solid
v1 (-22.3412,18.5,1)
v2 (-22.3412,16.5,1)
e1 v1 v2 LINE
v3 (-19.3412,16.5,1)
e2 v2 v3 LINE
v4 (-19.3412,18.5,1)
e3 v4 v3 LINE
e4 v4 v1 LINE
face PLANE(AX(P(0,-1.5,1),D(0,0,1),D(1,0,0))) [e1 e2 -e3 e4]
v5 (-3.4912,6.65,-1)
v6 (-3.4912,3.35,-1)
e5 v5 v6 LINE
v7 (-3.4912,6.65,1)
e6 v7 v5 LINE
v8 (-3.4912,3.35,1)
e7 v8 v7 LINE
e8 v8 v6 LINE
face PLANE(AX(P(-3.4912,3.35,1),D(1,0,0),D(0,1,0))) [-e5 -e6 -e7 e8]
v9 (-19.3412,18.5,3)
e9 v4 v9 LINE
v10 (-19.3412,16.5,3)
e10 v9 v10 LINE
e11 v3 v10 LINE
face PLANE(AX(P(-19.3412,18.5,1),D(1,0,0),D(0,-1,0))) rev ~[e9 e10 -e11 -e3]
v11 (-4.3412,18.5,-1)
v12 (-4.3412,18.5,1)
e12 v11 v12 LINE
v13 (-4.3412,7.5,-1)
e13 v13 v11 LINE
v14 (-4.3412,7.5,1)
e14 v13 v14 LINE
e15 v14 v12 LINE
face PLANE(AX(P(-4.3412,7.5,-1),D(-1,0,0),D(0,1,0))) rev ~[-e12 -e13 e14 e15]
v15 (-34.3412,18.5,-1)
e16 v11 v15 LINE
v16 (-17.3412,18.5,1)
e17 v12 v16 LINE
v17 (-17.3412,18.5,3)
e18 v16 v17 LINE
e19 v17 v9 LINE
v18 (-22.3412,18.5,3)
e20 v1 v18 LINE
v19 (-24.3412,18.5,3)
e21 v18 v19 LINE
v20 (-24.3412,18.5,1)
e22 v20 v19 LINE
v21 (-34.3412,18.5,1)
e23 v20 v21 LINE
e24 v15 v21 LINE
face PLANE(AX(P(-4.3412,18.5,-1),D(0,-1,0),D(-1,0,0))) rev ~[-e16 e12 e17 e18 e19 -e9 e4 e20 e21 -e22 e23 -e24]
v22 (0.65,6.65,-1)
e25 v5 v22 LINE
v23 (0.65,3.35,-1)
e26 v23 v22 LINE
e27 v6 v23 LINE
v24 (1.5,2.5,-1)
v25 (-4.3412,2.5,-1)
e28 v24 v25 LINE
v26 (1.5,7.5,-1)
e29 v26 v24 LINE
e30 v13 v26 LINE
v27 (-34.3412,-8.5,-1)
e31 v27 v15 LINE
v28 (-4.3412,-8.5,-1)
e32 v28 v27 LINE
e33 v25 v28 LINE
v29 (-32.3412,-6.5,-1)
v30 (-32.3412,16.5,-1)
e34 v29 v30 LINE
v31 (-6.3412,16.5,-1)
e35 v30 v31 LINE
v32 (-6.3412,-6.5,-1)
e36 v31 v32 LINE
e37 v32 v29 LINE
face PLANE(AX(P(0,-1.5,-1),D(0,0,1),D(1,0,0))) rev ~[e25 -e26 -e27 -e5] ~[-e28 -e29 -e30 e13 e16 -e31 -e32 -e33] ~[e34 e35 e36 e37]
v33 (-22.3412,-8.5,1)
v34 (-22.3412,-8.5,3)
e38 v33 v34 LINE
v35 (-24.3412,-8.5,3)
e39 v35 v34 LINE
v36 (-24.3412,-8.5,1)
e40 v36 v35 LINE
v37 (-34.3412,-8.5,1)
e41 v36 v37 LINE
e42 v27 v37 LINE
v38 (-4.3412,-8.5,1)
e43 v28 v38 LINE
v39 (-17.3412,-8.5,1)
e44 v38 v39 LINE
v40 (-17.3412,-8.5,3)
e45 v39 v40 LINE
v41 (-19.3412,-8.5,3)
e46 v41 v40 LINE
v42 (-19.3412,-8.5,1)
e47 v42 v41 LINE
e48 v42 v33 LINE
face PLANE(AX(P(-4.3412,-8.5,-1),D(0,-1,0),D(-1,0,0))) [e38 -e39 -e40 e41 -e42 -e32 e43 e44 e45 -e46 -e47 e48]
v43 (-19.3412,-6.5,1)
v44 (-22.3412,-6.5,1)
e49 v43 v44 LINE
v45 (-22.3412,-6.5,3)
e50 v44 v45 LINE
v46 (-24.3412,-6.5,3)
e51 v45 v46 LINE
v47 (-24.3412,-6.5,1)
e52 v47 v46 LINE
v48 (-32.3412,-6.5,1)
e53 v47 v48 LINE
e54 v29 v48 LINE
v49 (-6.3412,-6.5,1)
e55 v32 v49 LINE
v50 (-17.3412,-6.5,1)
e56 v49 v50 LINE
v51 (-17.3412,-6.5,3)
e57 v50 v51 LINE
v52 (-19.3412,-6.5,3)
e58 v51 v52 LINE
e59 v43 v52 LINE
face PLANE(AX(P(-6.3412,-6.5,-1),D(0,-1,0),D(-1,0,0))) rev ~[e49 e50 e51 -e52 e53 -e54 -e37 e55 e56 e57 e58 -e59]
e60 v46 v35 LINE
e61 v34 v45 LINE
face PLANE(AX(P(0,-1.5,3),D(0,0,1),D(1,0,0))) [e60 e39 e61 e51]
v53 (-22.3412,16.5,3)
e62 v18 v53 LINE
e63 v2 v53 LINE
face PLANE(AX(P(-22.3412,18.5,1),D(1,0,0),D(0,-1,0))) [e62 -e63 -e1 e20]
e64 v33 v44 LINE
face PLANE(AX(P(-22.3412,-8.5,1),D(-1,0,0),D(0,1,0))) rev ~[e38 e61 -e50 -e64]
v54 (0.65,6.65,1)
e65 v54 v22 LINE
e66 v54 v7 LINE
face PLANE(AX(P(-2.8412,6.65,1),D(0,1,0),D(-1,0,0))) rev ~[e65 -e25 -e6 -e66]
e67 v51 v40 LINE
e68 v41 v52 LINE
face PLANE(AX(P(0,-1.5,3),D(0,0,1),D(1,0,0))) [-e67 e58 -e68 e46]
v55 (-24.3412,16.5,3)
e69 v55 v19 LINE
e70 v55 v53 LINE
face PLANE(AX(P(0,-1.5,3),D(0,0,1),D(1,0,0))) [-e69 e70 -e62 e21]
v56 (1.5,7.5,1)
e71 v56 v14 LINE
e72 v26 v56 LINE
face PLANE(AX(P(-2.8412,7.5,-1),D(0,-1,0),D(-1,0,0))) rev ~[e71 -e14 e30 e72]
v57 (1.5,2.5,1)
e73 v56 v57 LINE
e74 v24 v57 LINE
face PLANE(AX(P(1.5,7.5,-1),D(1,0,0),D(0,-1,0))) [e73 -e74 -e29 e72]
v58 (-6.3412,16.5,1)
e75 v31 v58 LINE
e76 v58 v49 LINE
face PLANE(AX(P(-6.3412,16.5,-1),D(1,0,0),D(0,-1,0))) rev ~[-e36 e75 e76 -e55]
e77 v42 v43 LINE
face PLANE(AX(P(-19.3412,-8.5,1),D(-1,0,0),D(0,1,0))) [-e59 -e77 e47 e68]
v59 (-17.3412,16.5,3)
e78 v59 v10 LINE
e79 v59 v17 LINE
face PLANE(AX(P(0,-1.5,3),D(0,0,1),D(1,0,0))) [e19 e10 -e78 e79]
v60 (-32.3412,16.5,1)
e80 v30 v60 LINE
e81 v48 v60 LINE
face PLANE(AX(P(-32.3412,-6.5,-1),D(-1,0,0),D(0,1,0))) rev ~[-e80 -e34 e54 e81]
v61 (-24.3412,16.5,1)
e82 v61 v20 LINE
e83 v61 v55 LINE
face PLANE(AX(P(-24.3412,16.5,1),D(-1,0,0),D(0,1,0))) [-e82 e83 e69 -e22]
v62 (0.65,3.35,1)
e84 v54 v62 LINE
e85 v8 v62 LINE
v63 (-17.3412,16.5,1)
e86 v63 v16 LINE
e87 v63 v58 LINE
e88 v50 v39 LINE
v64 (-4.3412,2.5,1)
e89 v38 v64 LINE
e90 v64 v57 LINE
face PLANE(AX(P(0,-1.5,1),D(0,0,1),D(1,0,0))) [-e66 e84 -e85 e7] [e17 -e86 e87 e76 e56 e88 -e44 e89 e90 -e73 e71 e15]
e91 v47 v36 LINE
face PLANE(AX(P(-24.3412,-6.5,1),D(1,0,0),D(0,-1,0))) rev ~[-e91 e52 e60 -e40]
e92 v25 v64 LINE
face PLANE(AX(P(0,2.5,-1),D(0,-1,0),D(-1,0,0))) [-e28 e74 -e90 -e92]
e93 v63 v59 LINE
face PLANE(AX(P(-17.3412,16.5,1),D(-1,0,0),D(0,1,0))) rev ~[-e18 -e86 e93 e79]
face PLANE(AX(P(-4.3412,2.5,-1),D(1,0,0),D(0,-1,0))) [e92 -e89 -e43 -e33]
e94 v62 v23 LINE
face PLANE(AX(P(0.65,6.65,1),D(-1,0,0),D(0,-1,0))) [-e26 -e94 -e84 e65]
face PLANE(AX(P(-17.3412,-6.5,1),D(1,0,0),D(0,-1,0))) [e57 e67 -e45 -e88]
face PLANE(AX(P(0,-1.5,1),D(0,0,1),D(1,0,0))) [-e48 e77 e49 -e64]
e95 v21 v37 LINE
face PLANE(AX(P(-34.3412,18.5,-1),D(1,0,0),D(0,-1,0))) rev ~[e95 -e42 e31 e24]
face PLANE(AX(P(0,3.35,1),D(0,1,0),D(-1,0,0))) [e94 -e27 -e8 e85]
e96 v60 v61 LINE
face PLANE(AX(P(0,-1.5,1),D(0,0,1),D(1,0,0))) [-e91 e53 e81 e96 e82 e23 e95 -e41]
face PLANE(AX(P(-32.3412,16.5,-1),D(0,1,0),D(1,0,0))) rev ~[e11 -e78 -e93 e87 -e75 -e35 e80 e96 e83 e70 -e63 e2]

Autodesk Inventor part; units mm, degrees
ref_plane "YZ Plane" through (0, 0, 0) normal (1, 0, 0) x (0, 1, 0)
ref_plane "XZ Plane" through (0, 0, 0) normal (0, 1, 0) x (-1, 0, 0)
ref_plane "XY Plane" through (0, 0, 0) normal (0, 0, 1) x (1, 0, 0)
ref_plane "Work Plane1" through (0, -1.5, -1) normal (0, 0, 1) x (1, 0, 0)
sketch "Sketch1" plane through (0, -1.5, -1) normal (0, 0, 1) x (1, 0, 0)
  line L0 (-2.8412, 5.5) -> (-2.8412, 7.5) projected
  line L1 (-2.8412, 5.5) -> (-2.8412, 7.5) projected
  line L2 (-2.8412, 5.5) -> (-2.8412, 7.5) projected
  line L3 (-2.8412, 7.5) -> (0, 7.5) projected
  line L4 (-2.8412, 5.5) -> (0, 5.5)
  line L5 (0, 5.5) -> (0, 7.5)
  line L6 (0, 7.5) -> (-2.8412, 7.5)
  line L7 (-2.8412, 7.5) -> (-2.8412, 5.5)
  line L8 (-2.8412, 7.5) -> (-2.8412, 9)
  line L9 (-2.8412, 9) -> (-4.3412, 9)
  line L10 (0, 5.5) -> (0, 4)
  line L11 (0, 4) -> (1.5, 4)
  line L12 (1.5, 4) -> (-4.3412, 4)
  line L13 (-4.3412, 4) -> (-4.3412, 9)
  line L14 (-4.3412, 9) -> (1.5, 9)
  line L15 (1.5, 9) -> (1.5, 4)
  line L16 (-4.3412, 4) -> (-4.3412, -7)
  line L17 (-4.3412, -7) -> (-34.3412, -7)
  line L18 (-4.3412, 9) -> (-4.3412, 20)
  line L19 (-4.3412, 20) -> (-34.3412, 20)
  line L20 (-34.3412, 20) -> (-34.3412, -7)
  line L21 (-4.3412, -7) -> (-4.3412, -5)
  line L22 (-4.3412, -5) -> (-6.3412, -5)
  line L23 (-34.3412, 20) -> (-34.3412, 18)
  line L24 (-34.3412, 18) -> (-32.3412, 18)
  line L25 (-6.3412, -5) -> (-32.3412, -5)
  line L26 (-32.3412, -5) -> (-32.3412, 18)
  line L27 (-32.3412, 18) -> (-6.3412, 18)
  line L28 (-6.3412, 18) -> (-6.3412, -5)
  point P0 (0, 1.5)
  point P1 (-0.8412, 6.5)
  dimension "d0" = 1.5
  dimension "d1" = 1.5
  dimension "d2" = 1.5
  dimension "d3" = 1.5
  dimension "d4" = 11
  dimension "d5" = 30
  dimension "d6" = 11
  dimension "d7" = 2
  dimension "d8" = 2
  dimension "d9" = 2
  dimension "d10" = 2
extrude "Extrusion1" add sketch "Sketch1" along normal blind 2 contours L4 L10 L12 L13 L9 L8 L0 | L8 L14 L15 L11 L10 L5 L3 | L13 L16 L22 L28 L27 L24 L20 L19 L18 | L16 L17 L20 L24 L26 L25 L22
sketch "Sketch2" plane through (0, -1.5, 1) normal (0, 0, 1) x (1, 0, 0)
  line L0 (-34.3412, -7) -> (-4.3412, -7) projected
  line L1 (-4.3412, 20) -> (-34.3412, 20) projected
  line L2 (-6.3412, -5) -> (-19.3412, -5)
  line L3 (-6.3412, -5) -> (-32.3412, -5) projected
  line L4 (-19.3412, -5) -> (-22.3412, -5)
  line L5 (-6.3412, 18) -> (-19.3412, 18)
  line L6 (-32.3412, 18) -> (-6.3412, 18) projected
  line L7 (-19.3412, 18) -> (-22.3412, 18)
  line L8 (-22.3412, -5) -> (-24.3412, -5)
  line L9 (-24.3412, -5) -> (-24.3412, -7)
  line L10 (-24.3412, -7) -> (-22.3412, -7)
  line L11 (-22.3412, -7) -> (-22.3412, -5)
  line L12 (-22.3412, 18) -> (-24.3412, 18)
  line L13 (-24.3412, 18) -> (-24.3412, 20)
  line L14 (-24.3412, 20) -> (-22.3412, 20)
  line L15 (-22.3412, 20) -> (-22.3412, 18)
  line L16 (-19.3412, 18) -> (-17.3412, 18)
  line L17 (-17.3412, 18) -> (-17.3412, 20)
  line L18 (-17.3412, 20) -> (-19.3412, 20)
  line L19 (-19.3412, 20) -> (-19.3412, 18)
  line L20 (-19.3412, -5) -> (-17.3412, -5)
  line L21 (-17.3412, -5) -> (-17.3412, -7)
  line L22 (-17.3412, -7) -> (-19.3412, -7)
  line L23 (-19.3412, -7) -> (-19.3412, -5)
  point P0 (0, 1.5)
  dimension "d13" = 13
  dimension "d14" = 3
  dimension "d15" = 2
  dimension "d16" = 2
  dimension "d17" = 2
  dimension "d18" = 2
extrude "Extrusion2" add sketch "Sketch2" along normal blind 2 contours L9 L3 L11 L0 | L23 L2 L21 L0 | L17 L5 L19 L1 | L15 L6 L13 L1
sketch "Sketch3" plane through (0, -1.5, 1) normal (0, 0, 1) x (1, 0, 0)
  line L0 (-2.8412, 5.5) -> (-2.8412, 7.5) projected
  line L1 (-2.8412, 7.5) -> (0, 7.5) projected
  line L2 (0, 7.5) -> (0, 5.5) projected
  line L3 (0, 5.5) -> (-2.8412, 5.5) projected
  line L4 (-2.8412, 7.5) -> (-2.8412, 8.15)
  line L5 (-2.8412, 8.15) -> (-3.4912, 8.15)
  line L6 (-2.8412, 5.5) -> (0, 5.5) projected
  line L7 (0, 5.5) -> (0, 4.85)
  line L8 (0, 4.85) -> (0.65, 4.85)
  line L9 (0.65, 4.85) -> (-3.4912, 4.85)
  line L10 (-3.4912, 4.85) -> (-3.4912, 8.15)
  line L11 (-3.4912, 8.15) -> (0.65, 8.15)
  line L12 (0.65, 8.15) -> (0.65, 4.85)
  point P0 (0, 1.5)
  dimension "d21" = 0.65
  dimension "d22" = 0.65
  dimension "d23" = 0.65
  dimension "d24" = 0.65
extrude "Extrusion3" cut sketch "Sketch3" against normal up to next contours L3 L7 L9 L10 L5 L4 L0 | L4 L11 L12 L8 L7 L2 L1
equation "\"d6\" = d4"
equation "\"d21\" = d24"
equation "\"d22\" = d24"
equation "\"d23\" = d24"
properties part number "back_pack_side_3"
